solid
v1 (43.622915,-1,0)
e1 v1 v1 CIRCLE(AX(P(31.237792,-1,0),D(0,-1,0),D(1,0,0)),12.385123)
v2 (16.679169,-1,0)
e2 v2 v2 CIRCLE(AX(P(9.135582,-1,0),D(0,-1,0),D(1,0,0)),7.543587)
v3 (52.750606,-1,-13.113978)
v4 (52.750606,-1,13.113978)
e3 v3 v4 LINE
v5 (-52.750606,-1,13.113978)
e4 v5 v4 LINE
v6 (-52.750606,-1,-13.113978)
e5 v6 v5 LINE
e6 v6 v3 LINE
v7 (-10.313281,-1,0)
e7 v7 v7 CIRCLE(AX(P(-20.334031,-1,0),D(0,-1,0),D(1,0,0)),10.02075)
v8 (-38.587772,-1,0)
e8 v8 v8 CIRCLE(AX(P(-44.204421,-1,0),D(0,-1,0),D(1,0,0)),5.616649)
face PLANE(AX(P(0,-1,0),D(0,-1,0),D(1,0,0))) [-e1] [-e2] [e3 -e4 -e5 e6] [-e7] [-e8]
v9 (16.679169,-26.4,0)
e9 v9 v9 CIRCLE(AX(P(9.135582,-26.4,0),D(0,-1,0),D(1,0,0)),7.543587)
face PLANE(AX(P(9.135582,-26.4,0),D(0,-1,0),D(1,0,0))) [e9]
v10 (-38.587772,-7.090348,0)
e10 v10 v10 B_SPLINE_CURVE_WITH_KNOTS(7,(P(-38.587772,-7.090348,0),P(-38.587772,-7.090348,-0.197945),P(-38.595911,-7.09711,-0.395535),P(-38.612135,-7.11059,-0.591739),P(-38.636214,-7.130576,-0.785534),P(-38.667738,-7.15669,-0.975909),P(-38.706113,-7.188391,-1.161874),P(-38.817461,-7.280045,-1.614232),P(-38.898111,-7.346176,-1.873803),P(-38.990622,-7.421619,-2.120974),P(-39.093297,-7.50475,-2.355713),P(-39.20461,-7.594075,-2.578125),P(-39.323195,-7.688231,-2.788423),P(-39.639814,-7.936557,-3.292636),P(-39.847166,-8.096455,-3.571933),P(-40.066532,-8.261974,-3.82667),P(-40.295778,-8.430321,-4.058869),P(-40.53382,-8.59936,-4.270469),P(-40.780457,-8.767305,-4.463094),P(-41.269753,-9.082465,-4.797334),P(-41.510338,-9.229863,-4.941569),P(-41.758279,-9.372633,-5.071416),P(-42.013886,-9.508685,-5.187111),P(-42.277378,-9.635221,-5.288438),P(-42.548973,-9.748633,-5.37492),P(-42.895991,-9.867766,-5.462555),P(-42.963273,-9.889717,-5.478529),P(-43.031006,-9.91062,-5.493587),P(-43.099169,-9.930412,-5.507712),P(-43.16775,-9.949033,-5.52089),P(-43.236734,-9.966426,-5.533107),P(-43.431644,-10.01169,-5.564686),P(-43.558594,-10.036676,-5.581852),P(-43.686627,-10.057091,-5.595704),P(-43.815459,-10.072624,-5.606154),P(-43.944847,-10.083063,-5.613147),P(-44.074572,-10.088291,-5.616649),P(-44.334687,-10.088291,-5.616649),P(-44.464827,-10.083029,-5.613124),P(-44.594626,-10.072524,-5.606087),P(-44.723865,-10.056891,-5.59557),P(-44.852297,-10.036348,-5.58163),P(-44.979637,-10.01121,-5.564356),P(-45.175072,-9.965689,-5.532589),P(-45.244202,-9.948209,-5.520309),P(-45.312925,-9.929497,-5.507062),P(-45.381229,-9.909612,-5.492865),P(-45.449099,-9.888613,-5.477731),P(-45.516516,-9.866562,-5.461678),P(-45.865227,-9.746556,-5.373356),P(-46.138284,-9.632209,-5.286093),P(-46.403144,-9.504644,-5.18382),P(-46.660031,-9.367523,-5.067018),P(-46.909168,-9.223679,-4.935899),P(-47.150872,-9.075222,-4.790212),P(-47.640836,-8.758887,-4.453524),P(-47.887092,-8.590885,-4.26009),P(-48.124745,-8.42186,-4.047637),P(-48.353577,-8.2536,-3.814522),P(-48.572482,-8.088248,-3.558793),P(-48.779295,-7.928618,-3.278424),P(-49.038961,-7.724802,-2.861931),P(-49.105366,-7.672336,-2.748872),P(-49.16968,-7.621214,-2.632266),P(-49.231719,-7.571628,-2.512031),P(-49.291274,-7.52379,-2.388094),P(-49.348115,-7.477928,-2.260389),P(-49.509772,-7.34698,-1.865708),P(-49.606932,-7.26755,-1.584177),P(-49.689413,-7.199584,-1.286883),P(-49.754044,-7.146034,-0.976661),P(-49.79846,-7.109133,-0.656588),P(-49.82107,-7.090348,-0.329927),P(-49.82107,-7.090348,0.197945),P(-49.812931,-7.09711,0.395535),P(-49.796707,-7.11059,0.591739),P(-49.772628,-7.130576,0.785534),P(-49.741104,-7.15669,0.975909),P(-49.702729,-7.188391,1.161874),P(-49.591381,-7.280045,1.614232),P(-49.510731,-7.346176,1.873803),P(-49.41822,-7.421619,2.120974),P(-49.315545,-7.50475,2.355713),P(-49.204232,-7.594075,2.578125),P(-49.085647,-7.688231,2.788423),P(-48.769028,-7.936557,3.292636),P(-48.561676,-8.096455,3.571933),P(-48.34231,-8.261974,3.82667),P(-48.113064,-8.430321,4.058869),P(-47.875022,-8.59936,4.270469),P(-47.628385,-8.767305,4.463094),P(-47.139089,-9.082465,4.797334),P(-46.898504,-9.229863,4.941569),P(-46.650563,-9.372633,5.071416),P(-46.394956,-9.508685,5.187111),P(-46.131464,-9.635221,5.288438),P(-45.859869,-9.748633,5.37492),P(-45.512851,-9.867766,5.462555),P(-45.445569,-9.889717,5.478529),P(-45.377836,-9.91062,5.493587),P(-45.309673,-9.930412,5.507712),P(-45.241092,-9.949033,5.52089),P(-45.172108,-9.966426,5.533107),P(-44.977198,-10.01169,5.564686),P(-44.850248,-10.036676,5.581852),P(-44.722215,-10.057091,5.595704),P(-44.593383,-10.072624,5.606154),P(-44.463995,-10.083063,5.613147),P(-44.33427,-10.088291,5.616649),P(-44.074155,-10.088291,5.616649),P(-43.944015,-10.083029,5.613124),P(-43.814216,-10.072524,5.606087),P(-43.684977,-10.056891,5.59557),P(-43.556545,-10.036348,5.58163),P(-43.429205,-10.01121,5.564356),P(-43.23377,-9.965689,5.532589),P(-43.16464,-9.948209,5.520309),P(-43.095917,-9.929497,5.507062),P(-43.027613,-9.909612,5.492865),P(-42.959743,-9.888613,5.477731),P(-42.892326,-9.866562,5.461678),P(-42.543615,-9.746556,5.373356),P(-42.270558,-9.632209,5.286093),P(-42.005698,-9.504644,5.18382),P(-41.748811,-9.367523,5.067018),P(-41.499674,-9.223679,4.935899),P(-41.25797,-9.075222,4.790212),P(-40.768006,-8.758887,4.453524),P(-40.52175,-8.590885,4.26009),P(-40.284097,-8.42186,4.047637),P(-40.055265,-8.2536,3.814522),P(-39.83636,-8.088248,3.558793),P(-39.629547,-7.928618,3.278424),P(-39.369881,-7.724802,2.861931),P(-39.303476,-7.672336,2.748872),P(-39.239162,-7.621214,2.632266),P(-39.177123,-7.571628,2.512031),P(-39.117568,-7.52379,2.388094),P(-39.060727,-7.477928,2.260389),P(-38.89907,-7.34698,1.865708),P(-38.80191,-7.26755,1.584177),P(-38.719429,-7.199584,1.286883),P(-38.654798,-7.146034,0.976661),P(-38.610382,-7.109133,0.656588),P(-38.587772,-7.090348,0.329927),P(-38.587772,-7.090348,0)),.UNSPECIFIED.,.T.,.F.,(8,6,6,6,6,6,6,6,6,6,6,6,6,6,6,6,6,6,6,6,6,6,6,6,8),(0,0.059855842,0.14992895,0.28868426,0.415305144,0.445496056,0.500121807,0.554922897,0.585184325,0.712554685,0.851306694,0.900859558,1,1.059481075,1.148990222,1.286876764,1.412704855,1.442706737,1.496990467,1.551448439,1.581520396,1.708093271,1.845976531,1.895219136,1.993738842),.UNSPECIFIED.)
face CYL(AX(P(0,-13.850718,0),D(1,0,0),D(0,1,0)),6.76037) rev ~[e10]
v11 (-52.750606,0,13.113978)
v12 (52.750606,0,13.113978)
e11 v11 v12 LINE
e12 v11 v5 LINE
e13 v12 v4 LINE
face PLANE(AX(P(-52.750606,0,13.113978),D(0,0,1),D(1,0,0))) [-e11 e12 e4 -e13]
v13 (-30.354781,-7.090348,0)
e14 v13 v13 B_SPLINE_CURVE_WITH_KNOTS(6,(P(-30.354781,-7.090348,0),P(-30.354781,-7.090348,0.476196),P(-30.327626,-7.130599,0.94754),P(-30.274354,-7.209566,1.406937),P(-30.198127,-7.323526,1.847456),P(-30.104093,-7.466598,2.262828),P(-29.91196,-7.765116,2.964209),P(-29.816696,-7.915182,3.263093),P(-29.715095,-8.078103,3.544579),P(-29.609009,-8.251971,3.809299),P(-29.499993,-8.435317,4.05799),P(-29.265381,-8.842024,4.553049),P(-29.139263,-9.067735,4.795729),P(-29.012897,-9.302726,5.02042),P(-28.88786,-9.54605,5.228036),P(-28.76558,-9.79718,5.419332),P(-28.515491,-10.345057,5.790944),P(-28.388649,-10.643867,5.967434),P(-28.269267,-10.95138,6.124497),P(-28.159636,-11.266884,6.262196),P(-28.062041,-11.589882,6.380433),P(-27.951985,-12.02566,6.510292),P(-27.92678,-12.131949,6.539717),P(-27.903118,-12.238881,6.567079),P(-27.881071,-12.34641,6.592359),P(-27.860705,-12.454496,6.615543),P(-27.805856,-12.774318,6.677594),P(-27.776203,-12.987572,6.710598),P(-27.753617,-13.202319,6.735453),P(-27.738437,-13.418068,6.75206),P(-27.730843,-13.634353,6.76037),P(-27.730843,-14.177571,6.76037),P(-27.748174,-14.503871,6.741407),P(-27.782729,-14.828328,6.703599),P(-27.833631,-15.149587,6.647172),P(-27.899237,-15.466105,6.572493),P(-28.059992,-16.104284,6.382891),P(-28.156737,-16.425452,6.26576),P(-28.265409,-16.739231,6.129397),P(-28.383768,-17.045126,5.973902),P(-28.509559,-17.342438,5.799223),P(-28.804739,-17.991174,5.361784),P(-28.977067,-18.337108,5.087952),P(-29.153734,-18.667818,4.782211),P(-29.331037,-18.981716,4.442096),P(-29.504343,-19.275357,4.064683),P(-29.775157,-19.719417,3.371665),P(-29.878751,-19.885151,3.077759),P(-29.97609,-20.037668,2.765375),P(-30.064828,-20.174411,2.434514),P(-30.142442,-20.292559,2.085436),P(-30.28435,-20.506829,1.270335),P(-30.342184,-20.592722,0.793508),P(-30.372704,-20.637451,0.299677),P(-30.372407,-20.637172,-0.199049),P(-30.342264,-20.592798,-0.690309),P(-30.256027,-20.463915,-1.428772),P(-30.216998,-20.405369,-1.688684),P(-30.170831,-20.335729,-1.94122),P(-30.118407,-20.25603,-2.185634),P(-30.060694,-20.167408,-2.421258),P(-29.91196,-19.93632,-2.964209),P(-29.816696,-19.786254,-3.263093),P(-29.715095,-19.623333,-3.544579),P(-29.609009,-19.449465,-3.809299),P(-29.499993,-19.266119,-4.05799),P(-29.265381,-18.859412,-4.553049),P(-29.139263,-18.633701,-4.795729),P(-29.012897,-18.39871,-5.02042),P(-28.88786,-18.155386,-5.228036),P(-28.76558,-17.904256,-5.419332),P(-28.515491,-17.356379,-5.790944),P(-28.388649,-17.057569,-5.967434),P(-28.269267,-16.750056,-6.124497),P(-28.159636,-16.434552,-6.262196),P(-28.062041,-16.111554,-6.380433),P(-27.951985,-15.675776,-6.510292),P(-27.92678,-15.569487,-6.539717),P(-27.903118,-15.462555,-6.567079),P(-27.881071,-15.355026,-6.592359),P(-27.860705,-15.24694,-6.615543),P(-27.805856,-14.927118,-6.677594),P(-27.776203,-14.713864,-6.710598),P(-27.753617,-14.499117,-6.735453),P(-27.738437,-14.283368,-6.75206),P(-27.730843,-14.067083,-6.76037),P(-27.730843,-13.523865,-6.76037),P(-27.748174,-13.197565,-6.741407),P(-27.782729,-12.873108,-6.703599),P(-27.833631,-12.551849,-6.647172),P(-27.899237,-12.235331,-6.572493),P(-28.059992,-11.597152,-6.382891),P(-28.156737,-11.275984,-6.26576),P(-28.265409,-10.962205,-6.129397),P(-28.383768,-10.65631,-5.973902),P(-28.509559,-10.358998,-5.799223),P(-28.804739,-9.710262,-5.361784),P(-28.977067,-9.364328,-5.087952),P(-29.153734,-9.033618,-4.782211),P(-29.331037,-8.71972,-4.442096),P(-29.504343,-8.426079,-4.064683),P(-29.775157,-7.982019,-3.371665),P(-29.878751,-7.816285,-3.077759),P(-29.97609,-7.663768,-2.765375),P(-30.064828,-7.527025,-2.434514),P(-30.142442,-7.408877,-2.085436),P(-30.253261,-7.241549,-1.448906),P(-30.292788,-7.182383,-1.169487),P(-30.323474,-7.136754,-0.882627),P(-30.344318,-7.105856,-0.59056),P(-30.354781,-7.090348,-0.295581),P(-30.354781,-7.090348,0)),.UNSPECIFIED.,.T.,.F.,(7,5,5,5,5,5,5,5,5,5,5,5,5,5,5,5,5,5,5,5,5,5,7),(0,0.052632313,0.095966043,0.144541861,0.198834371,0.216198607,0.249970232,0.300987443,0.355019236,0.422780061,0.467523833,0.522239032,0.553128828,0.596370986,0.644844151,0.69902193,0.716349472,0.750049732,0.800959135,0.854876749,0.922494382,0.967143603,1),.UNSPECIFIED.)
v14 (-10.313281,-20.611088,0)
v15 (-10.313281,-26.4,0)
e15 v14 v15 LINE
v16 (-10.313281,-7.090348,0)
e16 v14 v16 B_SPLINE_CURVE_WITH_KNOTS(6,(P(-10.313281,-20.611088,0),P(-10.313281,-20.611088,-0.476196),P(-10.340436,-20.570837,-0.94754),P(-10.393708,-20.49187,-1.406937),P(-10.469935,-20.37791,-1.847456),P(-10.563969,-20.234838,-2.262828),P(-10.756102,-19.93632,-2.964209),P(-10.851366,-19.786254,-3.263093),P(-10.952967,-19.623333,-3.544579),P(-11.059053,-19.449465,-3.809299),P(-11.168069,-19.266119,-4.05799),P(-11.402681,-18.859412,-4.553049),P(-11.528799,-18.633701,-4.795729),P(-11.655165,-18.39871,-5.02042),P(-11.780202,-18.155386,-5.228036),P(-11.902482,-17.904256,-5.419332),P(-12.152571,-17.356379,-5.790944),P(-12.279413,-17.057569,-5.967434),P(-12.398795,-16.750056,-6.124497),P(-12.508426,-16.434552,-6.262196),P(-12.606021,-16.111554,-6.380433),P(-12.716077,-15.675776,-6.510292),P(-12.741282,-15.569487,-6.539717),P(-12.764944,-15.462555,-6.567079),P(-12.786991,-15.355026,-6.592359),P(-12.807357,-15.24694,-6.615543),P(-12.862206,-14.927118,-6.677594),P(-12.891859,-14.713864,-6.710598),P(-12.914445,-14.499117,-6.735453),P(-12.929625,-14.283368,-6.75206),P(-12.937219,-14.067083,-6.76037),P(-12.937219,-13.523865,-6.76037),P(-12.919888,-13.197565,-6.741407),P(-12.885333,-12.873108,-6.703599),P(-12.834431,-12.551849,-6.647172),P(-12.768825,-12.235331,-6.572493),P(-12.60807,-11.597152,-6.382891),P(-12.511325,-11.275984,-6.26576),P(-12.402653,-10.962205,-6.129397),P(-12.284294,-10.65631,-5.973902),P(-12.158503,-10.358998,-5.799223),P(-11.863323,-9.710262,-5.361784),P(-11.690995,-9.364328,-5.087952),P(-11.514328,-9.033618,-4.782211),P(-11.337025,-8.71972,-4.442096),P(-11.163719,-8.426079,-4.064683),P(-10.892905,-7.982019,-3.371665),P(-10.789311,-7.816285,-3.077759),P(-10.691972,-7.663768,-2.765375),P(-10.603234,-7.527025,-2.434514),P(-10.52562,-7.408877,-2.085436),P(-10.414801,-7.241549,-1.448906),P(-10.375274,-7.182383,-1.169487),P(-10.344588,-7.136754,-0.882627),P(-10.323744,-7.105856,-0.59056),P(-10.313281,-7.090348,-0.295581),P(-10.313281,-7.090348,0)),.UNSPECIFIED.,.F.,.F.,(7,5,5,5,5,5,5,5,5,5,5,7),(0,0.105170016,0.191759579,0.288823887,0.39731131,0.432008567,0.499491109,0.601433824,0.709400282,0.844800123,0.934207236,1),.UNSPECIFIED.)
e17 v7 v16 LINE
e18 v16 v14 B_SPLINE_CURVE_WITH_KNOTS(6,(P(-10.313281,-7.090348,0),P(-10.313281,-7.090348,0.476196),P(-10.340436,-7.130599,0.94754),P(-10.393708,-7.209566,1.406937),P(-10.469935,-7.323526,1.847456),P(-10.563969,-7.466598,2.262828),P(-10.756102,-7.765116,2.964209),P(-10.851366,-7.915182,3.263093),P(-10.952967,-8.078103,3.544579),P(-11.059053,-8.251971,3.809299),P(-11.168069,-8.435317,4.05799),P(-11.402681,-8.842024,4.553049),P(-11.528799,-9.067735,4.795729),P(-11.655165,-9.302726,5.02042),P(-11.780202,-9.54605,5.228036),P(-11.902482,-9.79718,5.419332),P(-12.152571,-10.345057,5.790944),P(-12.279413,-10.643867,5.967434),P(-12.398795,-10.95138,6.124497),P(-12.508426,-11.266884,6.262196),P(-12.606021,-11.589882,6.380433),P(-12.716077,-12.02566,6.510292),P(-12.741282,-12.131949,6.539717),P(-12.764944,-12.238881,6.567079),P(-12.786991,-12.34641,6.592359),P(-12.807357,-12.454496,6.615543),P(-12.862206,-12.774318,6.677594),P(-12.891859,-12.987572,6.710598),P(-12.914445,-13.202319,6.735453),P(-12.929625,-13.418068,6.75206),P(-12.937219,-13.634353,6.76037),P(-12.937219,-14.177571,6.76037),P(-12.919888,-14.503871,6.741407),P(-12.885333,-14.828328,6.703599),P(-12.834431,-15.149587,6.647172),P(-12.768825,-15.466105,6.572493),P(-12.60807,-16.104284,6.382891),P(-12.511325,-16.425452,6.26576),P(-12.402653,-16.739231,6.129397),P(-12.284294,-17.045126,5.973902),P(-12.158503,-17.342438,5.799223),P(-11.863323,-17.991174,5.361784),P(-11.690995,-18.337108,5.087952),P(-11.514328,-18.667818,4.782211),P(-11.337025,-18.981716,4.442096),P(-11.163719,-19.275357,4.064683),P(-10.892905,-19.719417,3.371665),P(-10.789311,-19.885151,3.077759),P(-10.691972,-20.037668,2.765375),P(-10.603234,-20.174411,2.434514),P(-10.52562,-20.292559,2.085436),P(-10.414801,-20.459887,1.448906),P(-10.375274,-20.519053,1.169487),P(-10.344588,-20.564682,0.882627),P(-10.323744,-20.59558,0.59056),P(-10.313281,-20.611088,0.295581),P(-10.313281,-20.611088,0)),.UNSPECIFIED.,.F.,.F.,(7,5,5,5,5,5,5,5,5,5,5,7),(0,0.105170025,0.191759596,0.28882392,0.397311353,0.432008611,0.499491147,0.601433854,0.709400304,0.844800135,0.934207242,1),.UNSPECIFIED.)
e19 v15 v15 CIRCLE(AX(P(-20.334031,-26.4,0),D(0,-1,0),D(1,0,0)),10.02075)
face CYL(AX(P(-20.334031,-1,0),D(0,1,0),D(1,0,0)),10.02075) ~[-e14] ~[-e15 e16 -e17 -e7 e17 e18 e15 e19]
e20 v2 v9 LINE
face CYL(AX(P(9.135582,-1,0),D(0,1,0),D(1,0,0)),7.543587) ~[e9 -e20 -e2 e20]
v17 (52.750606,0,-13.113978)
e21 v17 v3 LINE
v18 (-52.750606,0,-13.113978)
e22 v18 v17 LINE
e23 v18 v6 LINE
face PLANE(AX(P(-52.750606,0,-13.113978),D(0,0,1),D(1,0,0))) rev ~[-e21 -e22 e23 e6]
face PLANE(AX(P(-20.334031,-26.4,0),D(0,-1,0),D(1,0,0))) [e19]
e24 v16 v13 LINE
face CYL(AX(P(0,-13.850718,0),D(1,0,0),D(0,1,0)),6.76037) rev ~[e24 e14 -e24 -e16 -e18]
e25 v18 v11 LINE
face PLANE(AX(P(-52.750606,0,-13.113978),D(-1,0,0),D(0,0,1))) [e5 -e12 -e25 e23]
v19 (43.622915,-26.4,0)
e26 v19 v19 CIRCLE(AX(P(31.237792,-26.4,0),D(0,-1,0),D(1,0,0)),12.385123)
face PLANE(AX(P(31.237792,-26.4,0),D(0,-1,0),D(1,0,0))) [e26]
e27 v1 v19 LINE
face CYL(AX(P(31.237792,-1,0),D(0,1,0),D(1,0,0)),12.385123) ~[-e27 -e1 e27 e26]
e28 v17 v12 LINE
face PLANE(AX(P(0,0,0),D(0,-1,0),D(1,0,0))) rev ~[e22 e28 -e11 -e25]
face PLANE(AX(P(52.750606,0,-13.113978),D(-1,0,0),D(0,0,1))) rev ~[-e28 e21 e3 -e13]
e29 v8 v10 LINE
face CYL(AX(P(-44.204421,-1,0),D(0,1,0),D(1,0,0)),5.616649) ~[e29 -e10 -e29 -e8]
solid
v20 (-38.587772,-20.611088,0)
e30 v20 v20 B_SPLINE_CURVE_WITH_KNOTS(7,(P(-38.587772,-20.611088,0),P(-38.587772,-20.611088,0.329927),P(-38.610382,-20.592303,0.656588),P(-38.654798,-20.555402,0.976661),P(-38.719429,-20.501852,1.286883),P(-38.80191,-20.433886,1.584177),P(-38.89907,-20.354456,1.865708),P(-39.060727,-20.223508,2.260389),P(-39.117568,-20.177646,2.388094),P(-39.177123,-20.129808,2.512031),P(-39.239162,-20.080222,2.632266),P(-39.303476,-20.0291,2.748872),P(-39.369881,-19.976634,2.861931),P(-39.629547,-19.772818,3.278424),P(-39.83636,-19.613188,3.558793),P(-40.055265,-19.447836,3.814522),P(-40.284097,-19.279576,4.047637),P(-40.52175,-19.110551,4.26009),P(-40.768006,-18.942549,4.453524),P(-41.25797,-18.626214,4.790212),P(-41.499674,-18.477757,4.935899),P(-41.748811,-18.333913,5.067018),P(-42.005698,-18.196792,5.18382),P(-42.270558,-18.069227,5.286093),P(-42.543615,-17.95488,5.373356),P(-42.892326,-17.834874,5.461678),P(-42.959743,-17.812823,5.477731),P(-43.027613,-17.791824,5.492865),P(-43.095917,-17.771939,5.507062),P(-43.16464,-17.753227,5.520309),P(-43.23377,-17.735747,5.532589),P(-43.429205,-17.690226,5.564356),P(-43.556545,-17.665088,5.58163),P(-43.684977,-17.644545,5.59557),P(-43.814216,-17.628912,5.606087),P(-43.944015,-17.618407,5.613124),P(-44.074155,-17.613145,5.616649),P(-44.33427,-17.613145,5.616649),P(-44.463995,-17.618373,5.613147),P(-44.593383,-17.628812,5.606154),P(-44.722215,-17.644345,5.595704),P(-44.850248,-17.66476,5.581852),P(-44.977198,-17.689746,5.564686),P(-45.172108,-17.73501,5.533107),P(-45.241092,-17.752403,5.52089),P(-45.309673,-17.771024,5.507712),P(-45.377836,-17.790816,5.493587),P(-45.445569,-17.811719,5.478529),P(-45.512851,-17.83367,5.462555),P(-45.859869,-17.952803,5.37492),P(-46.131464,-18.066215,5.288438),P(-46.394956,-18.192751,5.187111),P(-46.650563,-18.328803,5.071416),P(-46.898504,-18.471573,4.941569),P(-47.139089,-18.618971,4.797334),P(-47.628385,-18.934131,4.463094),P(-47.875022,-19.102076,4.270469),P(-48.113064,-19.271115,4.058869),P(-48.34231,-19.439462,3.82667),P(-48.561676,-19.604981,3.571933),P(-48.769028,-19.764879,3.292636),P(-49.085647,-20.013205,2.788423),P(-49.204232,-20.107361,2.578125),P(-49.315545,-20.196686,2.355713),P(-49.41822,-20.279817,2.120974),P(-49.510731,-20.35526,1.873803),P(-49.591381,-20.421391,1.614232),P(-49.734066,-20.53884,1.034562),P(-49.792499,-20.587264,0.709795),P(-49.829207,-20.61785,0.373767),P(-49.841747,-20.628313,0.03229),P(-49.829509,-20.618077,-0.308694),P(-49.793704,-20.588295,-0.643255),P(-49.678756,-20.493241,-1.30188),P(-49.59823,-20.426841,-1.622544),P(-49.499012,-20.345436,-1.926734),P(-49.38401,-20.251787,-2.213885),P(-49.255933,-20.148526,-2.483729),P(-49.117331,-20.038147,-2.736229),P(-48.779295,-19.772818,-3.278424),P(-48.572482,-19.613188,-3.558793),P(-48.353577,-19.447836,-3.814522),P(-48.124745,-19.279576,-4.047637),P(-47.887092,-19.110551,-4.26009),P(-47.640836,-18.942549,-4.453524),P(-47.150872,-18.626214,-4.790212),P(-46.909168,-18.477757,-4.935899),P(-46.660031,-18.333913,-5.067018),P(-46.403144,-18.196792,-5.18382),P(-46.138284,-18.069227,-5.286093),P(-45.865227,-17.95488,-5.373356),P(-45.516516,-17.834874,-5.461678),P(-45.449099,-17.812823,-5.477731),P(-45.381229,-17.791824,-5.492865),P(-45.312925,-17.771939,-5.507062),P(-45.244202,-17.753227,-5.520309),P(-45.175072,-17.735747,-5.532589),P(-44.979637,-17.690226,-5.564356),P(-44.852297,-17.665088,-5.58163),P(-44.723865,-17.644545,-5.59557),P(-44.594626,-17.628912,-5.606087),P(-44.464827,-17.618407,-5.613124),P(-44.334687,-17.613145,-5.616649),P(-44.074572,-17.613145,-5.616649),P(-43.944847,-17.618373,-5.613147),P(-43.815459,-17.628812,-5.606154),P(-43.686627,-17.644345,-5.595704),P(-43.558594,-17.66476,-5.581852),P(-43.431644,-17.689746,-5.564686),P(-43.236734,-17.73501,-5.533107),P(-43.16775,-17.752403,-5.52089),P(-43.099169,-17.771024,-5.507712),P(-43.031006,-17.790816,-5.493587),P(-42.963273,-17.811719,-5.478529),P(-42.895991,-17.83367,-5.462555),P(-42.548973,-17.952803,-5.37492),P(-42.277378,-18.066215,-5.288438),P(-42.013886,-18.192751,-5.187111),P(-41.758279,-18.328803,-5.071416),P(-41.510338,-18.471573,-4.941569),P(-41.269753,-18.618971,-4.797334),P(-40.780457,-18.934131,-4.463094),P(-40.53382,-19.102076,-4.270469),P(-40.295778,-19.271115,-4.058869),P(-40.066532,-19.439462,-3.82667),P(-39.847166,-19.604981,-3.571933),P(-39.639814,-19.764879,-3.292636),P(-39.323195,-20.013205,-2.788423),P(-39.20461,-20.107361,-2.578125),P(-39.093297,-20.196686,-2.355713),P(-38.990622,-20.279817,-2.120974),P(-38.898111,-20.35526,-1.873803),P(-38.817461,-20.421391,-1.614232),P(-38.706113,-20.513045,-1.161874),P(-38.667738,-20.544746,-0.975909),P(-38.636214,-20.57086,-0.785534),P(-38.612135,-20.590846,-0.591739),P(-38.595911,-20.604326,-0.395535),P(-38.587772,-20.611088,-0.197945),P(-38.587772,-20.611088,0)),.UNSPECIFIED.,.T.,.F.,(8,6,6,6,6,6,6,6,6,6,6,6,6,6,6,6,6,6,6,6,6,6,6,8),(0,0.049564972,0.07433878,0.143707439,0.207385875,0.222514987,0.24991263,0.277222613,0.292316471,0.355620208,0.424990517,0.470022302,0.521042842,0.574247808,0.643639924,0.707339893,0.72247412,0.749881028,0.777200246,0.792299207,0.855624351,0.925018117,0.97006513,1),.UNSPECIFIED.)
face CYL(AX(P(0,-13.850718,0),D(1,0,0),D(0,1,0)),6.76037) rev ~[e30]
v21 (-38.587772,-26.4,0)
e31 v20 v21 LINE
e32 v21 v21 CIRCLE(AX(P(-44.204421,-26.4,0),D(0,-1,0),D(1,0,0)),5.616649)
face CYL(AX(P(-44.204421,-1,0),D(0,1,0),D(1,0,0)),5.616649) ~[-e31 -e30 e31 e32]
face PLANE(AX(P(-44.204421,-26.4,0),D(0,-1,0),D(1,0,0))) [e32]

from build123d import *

# Parameters (mm, degrees)
F0_W     = 105.501212
F0_H     = 26.227956
F1_DEPTH = 1
F2_R     = 5.616649
F2_R_2   = 10.02075
F2_R_3   = 7.543587
F2_R_4   = 12.385123
F3_DEPTH = 25.4
F4_R     = 6.76037
F5_DEPTH = 99.568


with BuildPart() as f1:
    # F0 (on Front) → F1 (new body)
    with BuildSketch(Plane.XZ):
        Rectangle(F0_W, F0_H)
    extrude(amount=F1_DEPTH)

    # F2 (on face) → F3 (join)
    with BuildSketch(Plane.XZ.offset(1)):
        with Locations((-44.204421, 0)):
            Circle(F2_R)
        with Locations((-20.334031, 0)):
            Circle(F2_R_2)
        with Locations((9.135582, 0)):
            Circle(F2_R_3)
        with Locations((31.237792, 0)):
            Circle(F2_R_4)
    extrude(amount=F3_DEPTH)

    # F4 (on Right) → F5 (cut)
    with BuildSketch(Plane.YZ):
        with Locations((-13.850718, 0)):
            Circle(F4_R)
    extrude(amount=-F5_DEPTH, mode=Mode.SUBTRACT)


solid = f1.part
